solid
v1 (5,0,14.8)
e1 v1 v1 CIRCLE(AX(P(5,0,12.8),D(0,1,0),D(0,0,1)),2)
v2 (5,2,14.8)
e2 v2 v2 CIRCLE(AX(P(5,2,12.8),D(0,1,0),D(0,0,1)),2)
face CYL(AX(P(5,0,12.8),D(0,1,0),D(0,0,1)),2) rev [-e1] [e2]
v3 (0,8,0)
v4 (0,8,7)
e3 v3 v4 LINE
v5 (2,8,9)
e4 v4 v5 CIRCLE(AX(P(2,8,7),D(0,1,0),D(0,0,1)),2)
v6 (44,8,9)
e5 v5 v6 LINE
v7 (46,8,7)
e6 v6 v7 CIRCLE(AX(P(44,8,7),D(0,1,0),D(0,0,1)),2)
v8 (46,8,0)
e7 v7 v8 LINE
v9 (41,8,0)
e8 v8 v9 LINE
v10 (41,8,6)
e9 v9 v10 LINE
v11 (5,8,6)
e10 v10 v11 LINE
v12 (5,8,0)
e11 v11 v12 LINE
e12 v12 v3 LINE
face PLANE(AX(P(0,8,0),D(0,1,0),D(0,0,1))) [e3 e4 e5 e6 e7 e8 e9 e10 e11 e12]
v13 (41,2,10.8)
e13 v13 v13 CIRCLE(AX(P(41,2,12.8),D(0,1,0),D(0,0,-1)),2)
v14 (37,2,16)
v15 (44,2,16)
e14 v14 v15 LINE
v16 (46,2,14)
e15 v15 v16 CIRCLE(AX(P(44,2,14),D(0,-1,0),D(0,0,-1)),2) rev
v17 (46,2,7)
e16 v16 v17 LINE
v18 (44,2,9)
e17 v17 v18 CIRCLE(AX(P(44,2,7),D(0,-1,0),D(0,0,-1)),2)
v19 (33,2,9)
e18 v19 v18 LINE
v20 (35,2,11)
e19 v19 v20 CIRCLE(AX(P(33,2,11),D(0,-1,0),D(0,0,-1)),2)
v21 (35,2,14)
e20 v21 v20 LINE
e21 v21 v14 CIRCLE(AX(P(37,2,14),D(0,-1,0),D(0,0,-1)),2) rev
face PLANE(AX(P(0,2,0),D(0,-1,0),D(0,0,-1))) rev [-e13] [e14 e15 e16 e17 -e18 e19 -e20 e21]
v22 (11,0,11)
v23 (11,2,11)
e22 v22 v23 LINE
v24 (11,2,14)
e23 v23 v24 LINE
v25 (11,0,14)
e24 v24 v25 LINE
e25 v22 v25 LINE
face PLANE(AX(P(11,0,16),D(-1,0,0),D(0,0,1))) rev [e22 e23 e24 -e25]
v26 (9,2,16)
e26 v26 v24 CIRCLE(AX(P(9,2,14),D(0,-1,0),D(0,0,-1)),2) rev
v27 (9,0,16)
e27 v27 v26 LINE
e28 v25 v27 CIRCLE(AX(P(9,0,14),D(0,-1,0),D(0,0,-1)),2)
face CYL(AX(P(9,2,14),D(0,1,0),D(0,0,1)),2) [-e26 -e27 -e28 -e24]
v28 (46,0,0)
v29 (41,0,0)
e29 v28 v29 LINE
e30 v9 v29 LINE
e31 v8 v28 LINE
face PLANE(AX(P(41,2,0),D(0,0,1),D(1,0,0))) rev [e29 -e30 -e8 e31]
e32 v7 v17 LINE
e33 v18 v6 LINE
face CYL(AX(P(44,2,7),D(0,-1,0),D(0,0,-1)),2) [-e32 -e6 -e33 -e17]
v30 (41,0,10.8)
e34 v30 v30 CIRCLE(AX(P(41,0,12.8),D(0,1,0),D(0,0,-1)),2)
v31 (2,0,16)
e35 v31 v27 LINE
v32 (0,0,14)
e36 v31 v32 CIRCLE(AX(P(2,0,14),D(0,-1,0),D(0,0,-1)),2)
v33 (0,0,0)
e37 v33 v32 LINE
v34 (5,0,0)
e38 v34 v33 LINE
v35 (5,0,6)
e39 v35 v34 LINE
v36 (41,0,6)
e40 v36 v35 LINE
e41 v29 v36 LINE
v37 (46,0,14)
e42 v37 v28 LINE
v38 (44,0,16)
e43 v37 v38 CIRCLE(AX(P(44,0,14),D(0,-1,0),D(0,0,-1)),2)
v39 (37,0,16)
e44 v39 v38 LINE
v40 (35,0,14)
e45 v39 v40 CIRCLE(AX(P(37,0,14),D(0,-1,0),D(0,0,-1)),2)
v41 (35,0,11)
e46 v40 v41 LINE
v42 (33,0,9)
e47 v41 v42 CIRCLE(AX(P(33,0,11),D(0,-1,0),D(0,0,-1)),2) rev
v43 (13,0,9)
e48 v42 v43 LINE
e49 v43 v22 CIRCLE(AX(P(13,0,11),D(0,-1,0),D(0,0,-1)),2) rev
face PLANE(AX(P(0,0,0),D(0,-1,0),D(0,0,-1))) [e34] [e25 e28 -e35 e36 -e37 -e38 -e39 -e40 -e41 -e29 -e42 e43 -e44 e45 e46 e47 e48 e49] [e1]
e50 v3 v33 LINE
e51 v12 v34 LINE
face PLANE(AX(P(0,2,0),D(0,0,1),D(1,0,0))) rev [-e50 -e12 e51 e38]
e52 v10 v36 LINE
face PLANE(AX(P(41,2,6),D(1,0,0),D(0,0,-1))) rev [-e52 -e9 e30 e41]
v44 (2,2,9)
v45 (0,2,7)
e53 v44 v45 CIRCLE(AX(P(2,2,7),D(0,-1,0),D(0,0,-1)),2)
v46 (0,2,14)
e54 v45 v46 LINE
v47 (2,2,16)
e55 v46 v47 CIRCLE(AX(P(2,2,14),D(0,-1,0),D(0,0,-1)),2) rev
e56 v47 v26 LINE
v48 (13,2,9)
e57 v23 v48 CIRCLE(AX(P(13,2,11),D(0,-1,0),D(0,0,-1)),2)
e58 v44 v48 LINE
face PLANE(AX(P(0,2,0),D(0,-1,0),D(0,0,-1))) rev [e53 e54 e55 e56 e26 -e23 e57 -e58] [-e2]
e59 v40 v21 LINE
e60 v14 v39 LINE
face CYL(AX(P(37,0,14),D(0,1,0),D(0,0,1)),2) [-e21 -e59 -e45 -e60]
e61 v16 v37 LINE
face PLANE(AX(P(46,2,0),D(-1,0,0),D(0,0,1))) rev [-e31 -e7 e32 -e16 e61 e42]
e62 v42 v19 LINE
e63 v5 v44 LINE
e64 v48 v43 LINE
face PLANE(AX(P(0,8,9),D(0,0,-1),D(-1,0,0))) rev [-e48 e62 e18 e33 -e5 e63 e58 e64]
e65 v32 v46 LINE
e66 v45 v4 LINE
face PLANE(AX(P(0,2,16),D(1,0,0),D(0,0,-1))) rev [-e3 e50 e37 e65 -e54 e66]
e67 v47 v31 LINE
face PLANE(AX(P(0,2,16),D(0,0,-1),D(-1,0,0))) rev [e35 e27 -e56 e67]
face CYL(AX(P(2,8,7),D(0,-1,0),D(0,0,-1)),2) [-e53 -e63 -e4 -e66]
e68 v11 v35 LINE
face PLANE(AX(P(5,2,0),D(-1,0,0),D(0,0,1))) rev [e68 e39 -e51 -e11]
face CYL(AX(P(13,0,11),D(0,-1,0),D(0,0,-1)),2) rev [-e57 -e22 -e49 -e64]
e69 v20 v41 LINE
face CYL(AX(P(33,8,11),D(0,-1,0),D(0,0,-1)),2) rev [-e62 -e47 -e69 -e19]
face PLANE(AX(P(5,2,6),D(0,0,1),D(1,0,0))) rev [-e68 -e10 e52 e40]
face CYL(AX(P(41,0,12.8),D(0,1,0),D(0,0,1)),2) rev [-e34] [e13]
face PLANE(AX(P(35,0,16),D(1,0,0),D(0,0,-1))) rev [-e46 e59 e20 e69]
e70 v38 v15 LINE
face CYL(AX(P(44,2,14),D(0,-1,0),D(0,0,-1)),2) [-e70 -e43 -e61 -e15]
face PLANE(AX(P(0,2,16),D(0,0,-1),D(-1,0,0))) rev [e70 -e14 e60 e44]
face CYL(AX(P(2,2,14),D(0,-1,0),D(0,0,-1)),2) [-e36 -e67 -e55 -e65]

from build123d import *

# Parameters (mm, degrees)
BOSS_EXTRUDE1_DEPTH = 2
BOSS_EXTRUDE2_DEPTH = 6
FILLET1_R           = 2
SKETCH4_R           = 2
CUT_EXTRUDE1_DEPTH  = 50.071376586
SKETCH7_W           = 24
SKETCH7_H           = 7
CUT_EXTRUDE2_DEPTH  = 50.071376586
FILLET2_R           = 2


with BuildPart() as part:
    # Sketch1 → Boss-Extrude1 (new body)
    with BuildSketch(Plane(origin=(0, 0, 0), x_dir=(1, 0, 0), z_dir=(0, 1, 0))):
        Polygon((0, 0), (5, 0), (5, -6), (41, -6), (41, 0), (46, 0), (46, -16), (0, -16), align=None)
    extrude(amount=BOSS_EXTRUDE1_DEPTH)

    # Sketch2 → Boss-Extrude2 (add)
    with BuildSketch(Plane(origin=(0, 2, 0), x_dir=(1, 0, 0), z_dir=(0, 1, 0))):
        Polygon((0, 0), (0, -9), (46, -9), (46, 0), (41, 0), (41, -6), (5, -6), (5, 0), align=None)
    extrude(amount=BOSS_EXTRUDE2_DEPTH)

    # Fillet1
    fillet1_edges = [part.edges().sort_by_distance(p)[0] for p in [
        (46, 1, 16),
        (0, 1, 16),
        (0, 5, 9),
        (46, 5, 9),
    ]]
    fillet(fillet1_edges, radius=FILLET1_R)

    # Sketch4 → Cut-Extrude1 (cut, through all)
    with BuildSketch(Plane(origin=(0, 2, 0), x_dir=(1, 0, 0), z_dir=(0, 1, 0))):
        with Locations(Location((5, -12.8, 0), (0, 0, 270))):
            Circle(SKETCH4_R)
        with Locations(Location((41, -12.8, 0), (0, 0, 90))):
            Circle(SKETCH4_R)
    extrude(amount=-CUT_EXTRUDE1_DEPTH, mode=Mode.SUBTRACT)

    # Sketch7 → Cut-Extrude2 (cut, through all)
    with BuildSketch(Plane(origin=(0, 2, 0), x_dir=(1, 0, 0), z_dir=(0, 1, 0))):
        with Locations((23, -12.5)):
            Rectangle(SKETCH7_W, SKETCH7_H)
    extrude(amount=-CUT_EXTRUDE2_DEPTH, mode=Mode.SUBTRACT)

    # Fillet2
    fillet2_edges = [part.edges().sort_by_distance(p)[0] for p in [
        (35, 1, 16),
        (11, 1, 16),
        (11, 1, 9),
        (35, 1, 9),
    ]]
    fillet(fillet2_edges, radius=FILLET2_R)


solid = part.part
